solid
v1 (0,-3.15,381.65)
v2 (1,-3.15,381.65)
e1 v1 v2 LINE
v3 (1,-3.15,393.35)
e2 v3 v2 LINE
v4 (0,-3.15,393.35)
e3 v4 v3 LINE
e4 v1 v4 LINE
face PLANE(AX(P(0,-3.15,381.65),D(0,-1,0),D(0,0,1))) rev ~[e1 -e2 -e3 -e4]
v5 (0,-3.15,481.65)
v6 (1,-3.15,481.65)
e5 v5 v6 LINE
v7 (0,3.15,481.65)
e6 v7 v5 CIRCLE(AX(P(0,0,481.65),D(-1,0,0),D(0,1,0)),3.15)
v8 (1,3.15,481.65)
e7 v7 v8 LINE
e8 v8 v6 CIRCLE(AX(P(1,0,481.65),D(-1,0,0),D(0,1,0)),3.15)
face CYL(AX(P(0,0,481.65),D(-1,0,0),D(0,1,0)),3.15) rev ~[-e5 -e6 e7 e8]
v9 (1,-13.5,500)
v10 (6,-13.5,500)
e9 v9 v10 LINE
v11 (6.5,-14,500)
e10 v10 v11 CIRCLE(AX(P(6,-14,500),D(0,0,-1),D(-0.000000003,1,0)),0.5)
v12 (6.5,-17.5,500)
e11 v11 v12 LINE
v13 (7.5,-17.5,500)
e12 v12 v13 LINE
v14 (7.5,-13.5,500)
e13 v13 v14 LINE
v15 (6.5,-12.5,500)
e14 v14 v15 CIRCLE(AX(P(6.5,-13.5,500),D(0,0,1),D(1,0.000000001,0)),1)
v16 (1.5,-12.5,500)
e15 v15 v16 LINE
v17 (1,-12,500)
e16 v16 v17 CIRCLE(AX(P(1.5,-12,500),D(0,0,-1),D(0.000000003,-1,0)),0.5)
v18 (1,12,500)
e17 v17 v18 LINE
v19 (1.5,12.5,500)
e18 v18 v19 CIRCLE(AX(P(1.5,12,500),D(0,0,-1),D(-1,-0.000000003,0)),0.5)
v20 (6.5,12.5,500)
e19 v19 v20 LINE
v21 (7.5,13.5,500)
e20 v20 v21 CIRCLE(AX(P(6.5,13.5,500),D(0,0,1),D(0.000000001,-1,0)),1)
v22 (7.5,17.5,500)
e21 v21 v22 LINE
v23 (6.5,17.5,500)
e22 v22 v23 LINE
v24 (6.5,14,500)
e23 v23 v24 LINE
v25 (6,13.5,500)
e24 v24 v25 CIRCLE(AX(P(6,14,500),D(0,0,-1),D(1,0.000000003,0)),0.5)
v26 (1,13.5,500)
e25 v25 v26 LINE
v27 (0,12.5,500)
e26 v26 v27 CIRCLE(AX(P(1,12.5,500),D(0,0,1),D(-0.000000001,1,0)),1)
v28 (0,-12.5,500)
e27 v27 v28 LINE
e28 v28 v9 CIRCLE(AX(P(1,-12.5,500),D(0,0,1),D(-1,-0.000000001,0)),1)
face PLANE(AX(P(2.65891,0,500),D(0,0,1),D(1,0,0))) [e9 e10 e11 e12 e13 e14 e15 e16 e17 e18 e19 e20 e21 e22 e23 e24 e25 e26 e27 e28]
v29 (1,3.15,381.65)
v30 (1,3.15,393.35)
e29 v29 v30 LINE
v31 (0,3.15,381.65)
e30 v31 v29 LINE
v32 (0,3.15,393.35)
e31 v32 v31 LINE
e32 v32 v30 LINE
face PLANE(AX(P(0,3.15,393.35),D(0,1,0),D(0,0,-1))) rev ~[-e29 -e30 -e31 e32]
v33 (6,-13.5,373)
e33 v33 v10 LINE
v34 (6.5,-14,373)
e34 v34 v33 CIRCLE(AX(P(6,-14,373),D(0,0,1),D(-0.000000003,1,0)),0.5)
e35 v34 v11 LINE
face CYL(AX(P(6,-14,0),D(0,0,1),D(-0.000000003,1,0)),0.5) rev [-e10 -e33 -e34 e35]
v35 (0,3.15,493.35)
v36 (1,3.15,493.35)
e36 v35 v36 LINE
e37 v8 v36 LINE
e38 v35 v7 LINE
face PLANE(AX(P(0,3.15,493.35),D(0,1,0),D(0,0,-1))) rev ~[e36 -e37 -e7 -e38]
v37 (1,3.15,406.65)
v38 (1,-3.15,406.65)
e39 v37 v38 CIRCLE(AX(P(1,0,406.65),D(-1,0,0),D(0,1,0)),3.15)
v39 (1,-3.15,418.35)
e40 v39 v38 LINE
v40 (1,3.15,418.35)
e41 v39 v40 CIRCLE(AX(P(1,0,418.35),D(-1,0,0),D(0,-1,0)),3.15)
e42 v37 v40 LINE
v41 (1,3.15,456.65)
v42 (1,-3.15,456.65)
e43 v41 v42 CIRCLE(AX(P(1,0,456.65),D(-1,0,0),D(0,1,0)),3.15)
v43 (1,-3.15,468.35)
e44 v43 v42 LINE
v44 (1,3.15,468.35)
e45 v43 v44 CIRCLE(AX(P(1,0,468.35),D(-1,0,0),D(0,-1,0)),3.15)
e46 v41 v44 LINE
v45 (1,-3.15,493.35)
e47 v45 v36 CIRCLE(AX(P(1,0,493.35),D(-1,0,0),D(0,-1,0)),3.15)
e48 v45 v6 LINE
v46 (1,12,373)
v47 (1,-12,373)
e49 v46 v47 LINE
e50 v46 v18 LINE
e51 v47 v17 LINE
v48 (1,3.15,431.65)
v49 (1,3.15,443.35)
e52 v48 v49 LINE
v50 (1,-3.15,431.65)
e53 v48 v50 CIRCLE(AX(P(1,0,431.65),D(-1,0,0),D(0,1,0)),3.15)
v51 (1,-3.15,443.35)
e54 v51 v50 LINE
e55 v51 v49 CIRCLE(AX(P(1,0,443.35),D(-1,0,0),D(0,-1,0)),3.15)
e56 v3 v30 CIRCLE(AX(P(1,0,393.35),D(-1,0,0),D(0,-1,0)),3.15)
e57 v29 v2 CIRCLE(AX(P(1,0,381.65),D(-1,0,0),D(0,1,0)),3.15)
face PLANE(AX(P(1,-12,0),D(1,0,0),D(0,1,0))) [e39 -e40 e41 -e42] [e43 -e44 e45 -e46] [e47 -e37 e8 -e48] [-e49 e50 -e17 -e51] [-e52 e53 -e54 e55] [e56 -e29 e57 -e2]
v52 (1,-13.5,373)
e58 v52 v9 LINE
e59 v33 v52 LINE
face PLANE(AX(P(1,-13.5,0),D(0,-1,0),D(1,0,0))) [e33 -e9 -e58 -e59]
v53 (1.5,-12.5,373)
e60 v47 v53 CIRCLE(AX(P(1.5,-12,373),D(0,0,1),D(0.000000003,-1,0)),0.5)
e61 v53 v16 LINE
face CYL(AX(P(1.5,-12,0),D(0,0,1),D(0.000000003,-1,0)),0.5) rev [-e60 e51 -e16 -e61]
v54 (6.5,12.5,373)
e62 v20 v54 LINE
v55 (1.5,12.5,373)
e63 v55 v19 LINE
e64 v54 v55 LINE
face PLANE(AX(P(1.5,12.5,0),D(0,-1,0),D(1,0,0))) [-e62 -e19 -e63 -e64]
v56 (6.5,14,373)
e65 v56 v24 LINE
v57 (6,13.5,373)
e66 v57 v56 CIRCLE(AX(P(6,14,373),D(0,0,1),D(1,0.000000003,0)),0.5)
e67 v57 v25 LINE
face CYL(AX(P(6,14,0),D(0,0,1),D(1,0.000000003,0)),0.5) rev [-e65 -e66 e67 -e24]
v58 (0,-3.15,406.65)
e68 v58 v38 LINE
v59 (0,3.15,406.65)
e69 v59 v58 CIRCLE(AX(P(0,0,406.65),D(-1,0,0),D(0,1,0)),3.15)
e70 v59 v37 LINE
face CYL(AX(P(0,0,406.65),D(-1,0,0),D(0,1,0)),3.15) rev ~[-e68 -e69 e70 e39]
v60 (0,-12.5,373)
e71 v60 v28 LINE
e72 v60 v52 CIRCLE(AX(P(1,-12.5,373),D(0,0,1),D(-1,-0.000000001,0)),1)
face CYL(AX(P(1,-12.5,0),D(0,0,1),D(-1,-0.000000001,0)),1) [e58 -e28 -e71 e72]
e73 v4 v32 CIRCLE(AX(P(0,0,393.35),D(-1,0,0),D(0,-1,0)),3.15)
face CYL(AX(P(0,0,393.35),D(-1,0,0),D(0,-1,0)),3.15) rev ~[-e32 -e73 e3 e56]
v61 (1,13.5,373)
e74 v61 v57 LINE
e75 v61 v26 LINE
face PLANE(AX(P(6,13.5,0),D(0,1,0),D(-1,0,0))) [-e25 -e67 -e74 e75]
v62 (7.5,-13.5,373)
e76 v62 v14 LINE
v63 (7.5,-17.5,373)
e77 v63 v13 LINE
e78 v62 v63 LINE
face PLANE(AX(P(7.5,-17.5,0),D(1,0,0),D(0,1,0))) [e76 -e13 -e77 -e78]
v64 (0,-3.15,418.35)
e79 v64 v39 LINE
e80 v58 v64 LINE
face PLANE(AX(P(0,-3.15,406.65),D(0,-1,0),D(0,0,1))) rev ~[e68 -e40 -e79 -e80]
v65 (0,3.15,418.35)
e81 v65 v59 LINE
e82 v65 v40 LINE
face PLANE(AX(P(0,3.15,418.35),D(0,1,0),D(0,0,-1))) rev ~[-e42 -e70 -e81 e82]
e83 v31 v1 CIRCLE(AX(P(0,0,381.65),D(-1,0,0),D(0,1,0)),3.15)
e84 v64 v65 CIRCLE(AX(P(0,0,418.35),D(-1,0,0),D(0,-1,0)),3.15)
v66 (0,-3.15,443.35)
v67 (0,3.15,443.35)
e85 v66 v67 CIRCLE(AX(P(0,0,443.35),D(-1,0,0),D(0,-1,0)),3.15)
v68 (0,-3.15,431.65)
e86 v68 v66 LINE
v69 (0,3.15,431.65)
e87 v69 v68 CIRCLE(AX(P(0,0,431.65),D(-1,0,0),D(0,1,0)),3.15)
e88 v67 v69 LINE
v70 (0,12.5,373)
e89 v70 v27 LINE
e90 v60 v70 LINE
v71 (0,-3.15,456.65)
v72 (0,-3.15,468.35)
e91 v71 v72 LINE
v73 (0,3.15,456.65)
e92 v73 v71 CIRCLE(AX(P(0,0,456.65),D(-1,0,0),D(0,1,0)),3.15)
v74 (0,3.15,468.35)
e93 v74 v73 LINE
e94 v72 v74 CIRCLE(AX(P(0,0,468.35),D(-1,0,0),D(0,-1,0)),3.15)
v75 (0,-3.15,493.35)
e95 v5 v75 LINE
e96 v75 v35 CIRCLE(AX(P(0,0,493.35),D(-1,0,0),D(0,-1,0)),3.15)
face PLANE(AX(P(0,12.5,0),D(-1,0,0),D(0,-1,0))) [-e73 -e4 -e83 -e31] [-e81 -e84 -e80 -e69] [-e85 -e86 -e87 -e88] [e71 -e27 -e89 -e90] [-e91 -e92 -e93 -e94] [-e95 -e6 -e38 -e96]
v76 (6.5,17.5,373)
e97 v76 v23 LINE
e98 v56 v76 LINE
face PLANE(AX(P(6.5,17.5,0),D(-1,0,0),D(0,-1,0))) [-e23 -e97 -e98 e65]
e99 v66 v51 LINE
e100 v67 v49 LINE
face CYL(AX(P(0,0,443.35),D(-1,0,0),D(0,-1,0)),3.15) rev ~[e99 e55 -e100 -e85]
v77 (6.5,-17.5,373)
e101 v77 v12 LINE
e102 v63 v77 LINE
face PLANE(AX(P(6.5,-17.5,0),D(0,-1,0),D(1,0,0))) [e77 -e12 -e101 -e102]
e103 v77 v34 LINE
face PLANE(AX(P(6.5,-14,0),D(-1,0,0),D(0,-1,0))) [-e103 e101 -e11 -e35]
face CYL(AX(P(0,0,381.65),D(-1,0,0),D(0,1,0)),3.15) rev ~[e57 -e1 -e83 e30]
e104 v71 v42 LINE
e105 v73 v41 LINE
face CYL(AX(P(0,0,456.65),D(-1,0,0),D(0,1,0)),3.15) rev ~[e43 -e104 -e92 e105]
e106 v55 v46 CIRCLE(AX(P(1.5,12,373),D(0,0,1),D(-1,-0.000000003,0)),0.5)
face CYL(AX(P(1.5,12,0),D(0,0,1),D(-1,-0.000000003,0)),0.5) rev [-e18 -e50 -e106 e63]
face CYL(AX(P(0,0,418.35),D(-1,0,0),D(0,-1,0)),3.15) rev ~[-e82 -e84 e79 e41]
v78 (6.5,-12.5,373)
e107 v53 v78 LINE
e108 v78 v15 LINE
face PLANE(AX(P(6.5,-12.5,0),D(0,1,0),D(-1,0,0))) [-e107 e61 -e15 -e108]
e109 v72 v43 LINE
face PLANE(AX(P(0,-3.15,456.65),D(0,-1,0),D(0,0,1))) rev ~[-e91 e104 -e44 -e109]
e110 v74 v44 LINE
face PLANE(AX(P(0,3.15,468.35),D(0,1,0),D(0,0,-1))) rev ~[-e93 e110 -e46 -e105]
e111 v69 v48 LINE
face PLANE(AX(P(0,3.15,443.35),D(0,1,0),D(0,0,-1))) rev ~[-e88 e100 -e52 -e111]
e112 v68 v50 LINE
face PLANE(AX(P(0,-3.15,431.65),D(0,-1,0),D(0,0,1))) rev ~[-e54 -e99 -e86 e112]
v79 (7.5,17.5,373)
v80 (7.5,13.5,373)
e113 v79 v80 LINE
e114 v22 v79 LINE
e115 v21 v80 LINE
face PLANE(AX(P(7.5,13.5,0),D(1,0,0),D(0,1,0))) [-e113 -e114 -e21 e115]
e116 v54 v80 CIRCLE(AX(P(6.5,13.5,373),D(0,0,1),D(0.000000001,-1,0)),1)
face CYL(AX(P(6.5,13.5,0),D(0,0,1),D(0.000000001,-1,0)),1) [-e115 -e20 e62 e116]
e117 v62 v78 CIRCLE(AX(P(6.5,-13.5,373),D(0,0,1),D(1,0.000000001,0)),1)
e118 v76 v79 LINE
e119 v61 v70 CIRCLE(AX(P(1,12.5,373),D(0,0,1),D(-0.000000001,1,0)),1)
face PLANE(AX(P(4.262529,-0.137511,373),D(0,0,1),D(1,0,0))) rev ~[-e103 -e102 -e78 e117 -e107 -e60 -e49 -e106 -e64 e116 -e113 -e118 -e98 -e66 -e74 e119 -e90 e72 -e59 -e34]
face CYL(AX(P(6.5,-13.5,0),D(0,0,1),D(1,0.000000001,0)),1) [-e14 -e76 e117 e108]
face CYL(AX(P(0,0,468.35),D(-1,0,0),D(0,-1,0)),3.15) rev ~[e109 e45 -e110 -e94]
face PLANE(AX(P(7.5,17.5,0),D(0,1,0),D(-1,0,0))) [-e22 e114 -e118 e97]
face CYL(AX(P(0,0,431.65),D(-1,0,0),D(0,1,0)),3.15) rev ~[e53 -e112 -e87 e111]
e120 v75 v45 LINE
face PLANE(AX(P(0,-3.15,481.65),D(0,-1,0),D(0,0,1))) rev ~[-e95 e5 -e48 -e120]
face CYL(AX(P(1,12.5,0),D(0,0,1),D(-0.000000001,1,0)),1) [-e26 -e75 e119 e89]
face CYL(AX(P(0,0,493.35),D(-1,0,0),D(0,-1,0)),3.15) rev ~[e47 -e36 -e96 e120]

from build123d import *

# Parameters (mm, degrees)
BOSS_EXTRUDE1_DEPTH = 500
CUT_EXTRUDE1_DEPTH  = 7.5
LPATTERN1_COUNT     = 40
LPATTERN1_PITCH     = 25
CUT_EXTRUDE2_START  = -127
SKETCH3_W           = 18.151488818
SKETCH3_H           = 38.961529028
CUT_EXTRUDE2_DEPTH  = 874.181233577


with BuildPart() as part:
    # Sketch1 → Boss-Extrude1 (new, symmetric)
    with BuildSketch(Plane.XY):
        with BuildLine():
            Line((7.5, 17.5), (6.5, 17.5))
            Line((6.5, 17.5), (6.5, 14))
            ThreePointArc((6.5, 14), (6.353553391, 13.646446609), (6, 13.5))
            Line((6, 13.5), (1, 13.5))
            ThreePointArc((1, 13.5), (0.292893219, 13.207106781), (0, 12.5))
            Line((0, 12.5), (0, -12.5))
            ThreePointArc((0, -12.5), (0.292893219, -13.207106781), (1, -13.5))
            Line((1, -13.5), (6, -13.5))
            ThreePointArc((6, -13.5), (6.353553391, -13.646446609), (6.5, -14))
            Line((6.5, -14), (6.5, -17.5))
            Line((6.5, -17.5), (7.5, -17.5))
            Line((7.5, -17.5), (7.5, -13.5))
            ThreePointArc((7.5, -13.5), (7.207106781, -12.792893219), (6.5, -12.5))
            Line((6.5, -12.5), (1.5, -12.5))
            ThreePointArc((1.5, -12.5), (1.146446609, -12.353553391), (1, -12))
            Line((1, -12), (1, 12))
            ThreePointArc((1, 12), (1.146446609, 12.353553391), (1.5, 12.5))
            Line((1.5, 12.5), (6.5, 12.5))
            ThreePointArc((6.5, 12.5), (7.207106781, 12.792893219), (7.5, 13.5))
            Line((7.5, 13.5), (7.5, 17.5))
        make_face()
    extrude(amount=BOSS_EXTRUDE1_DEPTH, both=True)

    # Sketch2 → Cut-Extrude1 (cut)
    with BuildSketch(Plane(origin=(0, 0, 0), x_dir=(0, 0, -1), z_dir=(1, 0, 0))):
        with BuildLine():
            Line((-493.35, 3.15), (-481.65, 3.15))
            ThreePointArc((-481.65, 3.15), (-478.5, 0), (-481.65, -3.15))
            Line((-481.65, -3.15), (-493.35, -3.15))
            ThreePointArc((-493.35, -3.15), (-496.5, 0), (-493.35, 3.15))
        make_face()
    cut_extrude1 = extrude(amount=CUT_EXTRUDE1_DEPTH, mode=Mode.SUBTRACT)

    # LPattern1: Cut-Extrude1 ×40
    with Locations(*[(0, 0, -i * LPATTERN1_PITCH) for i in range(1, LPATTERN1_COUNT)]):
        add(cut_extrude1, mode=Mode.SUBTRACT)

    # Sketch3 → Cut-Extrude2 (cut, through all)
    with BuildSketch(Plane.XY.offset(500).offset(CUT_EXTRUDE2_START)):
        with Locations((4.262528883, -0.137511279)):
            Rectangle(SKETCH3_W, SKETCH3_H)
    extrude(amount=-CUT_EXTRUDE2_DEPTH, mode=Mode.SUBTRACT)


solid = part.part
